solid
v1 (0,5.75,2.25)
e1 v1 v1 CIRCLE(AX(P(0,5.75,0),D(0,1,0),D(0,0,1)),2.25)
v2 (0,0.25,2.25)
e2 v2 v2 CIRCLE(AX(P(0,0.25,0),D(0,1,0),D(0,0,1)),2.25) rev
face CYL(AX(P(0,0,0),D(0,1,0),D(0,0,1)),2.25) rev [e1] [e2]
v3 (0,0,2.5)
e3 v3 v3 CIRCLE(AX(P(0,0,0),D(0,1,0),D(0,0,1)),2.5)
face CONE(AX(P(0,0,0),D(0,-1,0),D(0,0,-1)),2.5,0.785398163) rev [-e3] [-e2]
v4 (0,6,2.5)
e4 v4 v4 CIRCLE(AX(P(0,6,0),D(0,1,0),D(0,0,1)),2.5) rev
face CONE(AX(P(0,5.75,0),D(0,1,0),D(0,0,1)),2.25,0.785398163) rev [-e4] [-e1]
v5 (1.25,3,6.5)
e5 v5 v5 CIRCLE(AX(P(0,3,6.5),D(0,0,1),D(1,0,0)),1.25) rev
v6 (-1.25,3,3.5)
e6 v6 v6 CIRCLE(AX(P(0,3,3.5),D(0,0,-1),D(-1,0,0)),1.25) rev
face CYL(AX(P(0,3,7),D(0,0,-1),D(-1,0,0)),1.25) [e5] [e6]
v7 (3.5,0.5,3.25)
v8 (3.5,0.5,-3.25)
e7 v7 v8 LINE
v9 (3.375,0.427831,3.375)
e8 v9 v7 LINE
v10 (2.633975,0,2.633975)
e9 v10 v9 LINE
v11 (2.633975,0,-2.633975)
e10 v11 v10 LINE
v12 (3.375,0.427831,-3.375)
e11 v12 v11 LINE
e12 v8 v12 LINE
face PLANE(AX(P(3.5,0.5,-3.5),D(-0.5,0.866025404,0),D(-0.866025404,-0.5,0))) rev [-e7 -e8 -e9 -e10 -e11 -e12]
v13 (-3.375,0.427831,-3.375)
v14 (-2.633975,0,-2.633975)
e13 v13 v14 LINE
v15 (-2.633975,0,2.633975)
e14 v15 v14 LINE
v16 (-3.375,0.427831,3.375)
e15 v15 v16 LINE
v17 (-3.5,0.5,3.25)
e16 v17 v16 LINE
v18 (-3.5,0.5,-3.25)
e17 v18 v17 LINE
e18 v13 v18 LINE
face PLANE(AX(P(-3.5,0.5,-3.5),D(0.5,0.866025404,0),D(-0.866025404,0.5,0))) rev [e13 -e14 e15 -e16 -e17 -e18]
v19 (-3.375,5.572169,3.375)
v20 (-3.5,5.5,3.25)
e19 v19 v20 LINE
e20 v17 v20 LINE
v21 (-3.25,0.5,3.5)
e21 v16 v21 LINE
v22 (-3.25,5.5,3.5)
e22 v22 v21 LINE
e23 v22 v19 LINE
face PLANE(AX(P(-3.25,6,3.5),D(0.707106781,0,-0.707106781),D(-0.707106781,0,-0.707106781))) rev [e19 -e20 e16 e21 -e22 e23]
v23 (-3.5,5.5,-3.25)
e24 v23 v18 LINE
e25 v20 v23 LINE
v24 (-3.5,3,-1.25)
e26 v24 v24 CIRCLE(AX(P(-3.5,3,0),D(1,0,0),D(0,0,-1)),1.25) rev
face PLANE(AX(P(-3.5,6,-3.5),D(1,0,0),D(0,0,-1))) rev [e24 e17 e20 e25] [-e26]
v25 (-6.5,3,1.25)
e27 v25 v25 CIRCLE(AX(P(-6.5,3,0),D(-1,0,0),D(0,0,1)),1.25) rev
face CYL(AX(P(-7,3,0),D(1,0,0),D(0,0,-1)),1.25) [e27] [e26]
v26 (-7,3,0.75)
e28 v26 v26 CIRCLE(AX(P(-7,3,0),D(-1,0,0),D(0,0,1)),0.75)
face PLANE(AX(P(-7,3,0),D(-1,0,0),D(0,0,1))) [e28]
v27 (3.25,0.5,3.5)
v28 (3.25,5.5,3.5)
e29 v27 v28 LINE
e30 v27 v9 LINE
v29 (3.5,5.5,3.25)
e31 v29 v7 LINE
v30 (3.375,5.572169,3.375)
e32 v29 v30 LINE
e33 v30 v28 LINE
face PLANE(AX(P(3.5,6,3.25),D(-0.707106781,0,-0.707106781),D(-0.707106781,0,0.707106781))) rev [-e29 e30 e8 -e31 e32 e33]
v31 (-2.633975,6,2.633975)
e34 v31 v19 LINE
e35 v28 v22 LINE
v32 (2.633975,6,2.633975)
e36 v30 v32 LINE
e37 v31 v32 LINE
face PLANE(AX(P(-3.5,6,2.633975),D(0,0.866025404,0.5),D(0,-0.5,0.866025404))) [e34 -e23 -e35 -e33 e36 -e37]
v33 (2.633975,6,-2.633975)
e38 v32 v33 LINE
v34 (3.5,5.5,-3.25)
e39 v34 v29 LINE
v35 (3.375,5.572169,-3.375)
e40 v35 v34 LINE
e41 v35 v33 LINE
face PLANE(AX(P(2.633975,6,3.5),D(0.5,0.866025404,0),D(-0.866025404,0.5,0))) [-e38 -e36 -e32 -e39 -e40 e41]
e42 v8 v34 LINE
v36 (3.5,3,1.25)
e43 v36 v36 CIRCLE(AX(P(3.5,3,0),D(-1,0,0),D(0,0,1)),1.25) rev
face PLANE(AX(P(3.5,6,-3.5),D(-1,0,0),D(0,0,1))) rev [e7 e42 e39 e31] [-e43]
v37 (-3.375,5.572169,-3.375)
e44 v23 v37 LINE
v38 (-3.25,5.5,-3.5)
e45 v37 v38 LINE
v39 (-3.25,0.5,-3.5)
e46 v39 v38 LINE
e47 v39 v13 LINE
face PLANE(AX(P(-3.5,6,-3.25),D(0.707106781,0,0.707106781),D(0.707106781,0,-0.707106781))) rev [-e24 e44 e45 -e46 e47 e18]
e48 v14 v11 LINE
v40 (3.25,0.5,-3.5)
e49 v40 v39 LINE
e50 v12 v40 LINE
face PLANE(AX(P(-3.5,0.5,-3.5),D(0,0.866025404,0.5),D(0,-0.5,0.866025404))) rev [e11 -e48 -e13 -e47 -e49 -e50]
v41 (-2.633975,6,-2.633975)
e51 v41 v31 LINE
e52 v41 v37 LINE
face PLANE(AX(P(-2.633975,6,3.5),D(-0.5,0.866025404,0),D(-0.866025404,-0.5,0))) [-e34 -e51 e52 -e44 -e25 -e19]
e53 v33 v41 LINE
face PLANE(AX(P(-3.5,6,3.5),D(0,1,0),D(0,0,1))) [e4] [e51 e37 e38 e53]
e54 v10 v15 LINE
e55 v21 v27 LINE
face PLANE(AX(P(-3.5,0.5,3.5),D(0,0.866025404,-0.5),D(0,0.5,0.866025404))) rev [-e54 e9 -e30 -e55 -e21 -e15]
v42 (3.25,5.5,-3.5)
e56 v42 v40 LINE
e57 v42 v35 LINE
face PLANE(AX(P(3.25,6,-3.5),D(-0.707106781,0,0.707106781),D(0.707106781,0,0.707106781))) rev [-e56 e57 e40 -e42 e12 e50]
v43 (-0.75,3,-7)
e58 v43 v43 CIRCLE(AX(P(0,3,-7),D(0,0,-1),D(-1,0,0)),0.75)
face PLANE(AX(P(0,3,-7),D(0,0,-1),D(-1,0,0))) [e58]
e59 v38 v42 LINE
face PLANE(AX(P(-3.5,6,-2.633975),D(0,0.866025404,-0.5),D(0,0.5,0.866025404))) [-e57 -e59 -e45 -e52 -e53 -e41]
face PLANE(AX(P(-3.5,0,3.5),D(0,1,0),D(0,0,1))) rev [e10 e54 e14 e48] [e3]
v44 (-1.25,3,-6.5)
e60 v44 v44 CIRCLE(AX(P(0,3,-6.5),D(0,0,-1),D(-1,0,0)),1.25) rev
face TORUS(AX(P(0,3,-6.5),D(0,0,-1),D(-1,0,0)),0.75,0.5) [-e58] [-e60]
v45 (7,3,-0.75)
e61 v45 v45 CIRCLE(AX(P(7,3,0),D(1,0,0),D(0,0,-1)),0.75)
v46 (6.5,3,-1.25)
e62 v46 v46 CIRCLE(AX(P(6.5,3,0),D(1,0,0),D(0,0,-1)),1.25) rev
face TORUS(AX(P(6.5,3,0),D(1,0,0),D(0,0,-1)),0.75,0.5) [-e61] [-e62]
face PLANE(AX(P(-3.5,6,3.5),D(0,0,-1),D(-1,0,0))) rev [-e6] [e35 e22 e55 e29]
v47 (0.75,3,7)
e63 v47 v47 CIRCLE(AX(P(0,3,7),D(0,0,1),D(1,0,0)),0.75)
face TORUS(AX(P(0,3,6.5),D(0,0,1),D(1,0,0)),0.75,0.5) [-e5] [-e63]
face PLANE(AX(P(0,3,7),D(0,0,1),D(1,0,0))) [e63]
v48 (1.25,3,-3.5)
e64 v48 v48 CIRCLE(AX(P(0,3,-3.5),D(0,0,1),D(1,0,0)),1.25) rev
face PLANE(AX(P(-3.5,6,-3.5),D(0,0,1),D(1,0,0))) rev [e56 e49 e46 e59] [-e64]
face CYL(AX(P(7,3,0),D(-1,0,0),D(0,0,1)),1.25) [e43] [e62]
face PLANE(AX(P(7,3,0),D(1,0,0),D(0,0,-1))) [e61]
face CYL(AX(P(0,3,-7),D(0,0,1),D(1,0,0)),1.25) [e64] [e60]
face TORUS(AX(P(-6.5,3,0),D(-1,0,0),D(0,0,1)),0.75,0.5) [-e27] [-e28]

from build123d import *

# Parameters (mm, degrees)
SKETCH1_W                = 7
SKETCH1_H                = 7
EXTRUDE1_DEPTH           = 6
SKETCH2_R                = 2.25
CUT_EXTRUDE1_DEPTH       = 6
SKETCH3_R                = 1.25
EXTRUDE2_DEPTH           = 3.5
FILLET2_R                = 0.5
CIRPATTERN1_COUNT        = 4
FILLET2_OF_CIRPATTERN1_R = 0.5
CHAMFER1_SIZE            = 0.25
CHAMFER2_SIZE            = 0.5
CHAMFER2_SIZE2           = 0.866025404
CHAMFER2_PART_2_SIZE     = 0.5
CHAMFER2_PART_2_SIZE2    = 0.866025404
CHAMFER2_PART_3_SIZE     = 0.5
CHAMFER2_PART_3_SIZE2    = 0.866025404
CHAMFER2_PART_4_SIZE     = 0.5
CHAMFER2_PART_4_SIZE2    = 0.866025404


with BuildPart() as part:
    # Sketch1 → Extrude1 (new body)
    with BuildSketch(Plane(origin=(0, 0, 0), x_dir=(1, 0, 0), z_dir=(0, 1, 0))):
        Rectangle(SKETCH1_W, SKETCH1_H)
    extrude(amount=EXTRUDE1_DEPTH)

    # Sketch2 → Cut-Extrude1 (cut)
    with BuildSketch(Plane(origin=(0, 6, 0), x_dir=(1, 0, 0), z_dir=(0, 1, 0))):
        with Locations(Location((0, 0, 0), (0, 0, 270))):  # turned: the seam where the file's is
            Circle(SKETCH2_R)
    extrude(amount=-CUT_EXTRUDE1_DEPTH, mode=Mode.SUBTRACT)

    # Sketch3 → Extrude2 (add)
    with BuildSketch(Plane(origin=(3.5, 0, 0), x_dir=(0, 0, -1), z_dir=(1, 0, 0))):
        with Locations(Location((0, 3, 0), (0, 0, 180))):  # turned: the seam where the file's is
            Circle(SKETCH3_R)
    extrude2 = extrude(amount=EXTRUDE2_DEPTH)

    # Fillet2
    fillet2_edges = [part.edges().sort_by_distance(p)[0] for p in [
        (7, 3, -1.25),
    ]]
    fillet(fillet2_edges, radius=FILLET2_R)

    # CirPattern1: Extrude2 ×4 about axis
    cirpattern1_axis = Axis((0, 0, 0), (0, 1, 0))
    for i in range(1, CIRPATTERN1_COUNT):
        add(extrude2.rotate(cirpattern1_axis, i * 360 / CIRPATTERN1_COUNT))

    # Fillet2 of CirPattern1
    fillet2_of_cirpattern1_edges = [part.edges().sort_by_distance(p)[0] for p in [
        (-1.25, 3, -7),
        (-7, 3, 1.25),
        (1.25, 3, 7),
    ]]
    fillet(fillet2_of_cirpattern1_edges, radius=FILLET2_OF_CIRPATTERN1_R)

    # Chamfer1
    chamfer1_edges = [part.edges().sort_by_distance(p)[0] for p in [
        (0, 0, -2.25),
        (0, 6, -2.25),
        (-3.5, 3, -3.5),
        (3.5, 3, -3.5),
        (3.5, 3, 3.5),
        (-3.5, 3, 3.5),
    ]]
    chamfer(chamfer1_edges, length=CHAMFER1_SIZE)

    # Chamfer2
    chamfer2_edges = [part.edges().sort_by_distance(p)[0] for p in [
        (-3.5, 0, 0),
        (-3.5, 6, 0),
    ]]
    chamfer2_side = [part.faces().sort_by_distance(p)[0] for p in [
        (-3.5, 0.08845903, 0),
    ]]
    chamfer(chamfer2_edges, length=CHAMFER2_SIZE, length2=CHAMFER2_SIZE2, reference=chamfer2_side[0])

    # Chamfer2 part 2
    chamfer2_part_2_edges = [part.edges().sort_by_distance(p)[0] for p in [
        (0, 0, 3.5),
        (0, 6, 3.5),
    ]]
    chamfer2_part_2_side = [part.faces().sort_by_distance(p)[0] for p in [
        (0, 0.08845903, 3.5),
    ]]
    chamfer(chamfer2_part_2_edges, length=CHAMFER2_PART_2_SIZE, length2=CHAMFER2_PART_2_SIZE2, reference=chamfer2_part_2_side[0])

    # Chamfer2 part 3
    chamfer2_part_3_edges = [part.edges().sort_by_distance(p)[0] for p in [
        (3.5, 0, 0),
        (3.5, 6, 0),
    ]]
    chamfer2_part_3_side = [part.faces().sort_by_distance(p)[0] for p in [
        (3.5, 0.08845903, 0),
    ]]
    chamfer(chamfer2_part_3_edges, length=CHAMFER2_PART_3_SIZE, length2=CHAMFER2_PART_3_SIZE2, reference=chamfer2_part_3_side[0])

    # Chamfer2 part 4
    chamfer2_part_4_edges = [part.edges().sort_by_distance(p)[0] for p in [
        (0, 0, -3.5),
        (0, 6, -3.5),
    ]]
    chamfer2_part_4_side = [part.faces().sort_by_distance(p)[0] for p in [
        (0, 0.08845903, -3.5),
    ]]
    chamfer(chamfer2_part_4_edges, length=CHAMFER2_PART_4_SIZE, length2=CHAMFER2_PART_4_SIZE2, reference=chamfer2_part_4_side[0])


solid = part.part
